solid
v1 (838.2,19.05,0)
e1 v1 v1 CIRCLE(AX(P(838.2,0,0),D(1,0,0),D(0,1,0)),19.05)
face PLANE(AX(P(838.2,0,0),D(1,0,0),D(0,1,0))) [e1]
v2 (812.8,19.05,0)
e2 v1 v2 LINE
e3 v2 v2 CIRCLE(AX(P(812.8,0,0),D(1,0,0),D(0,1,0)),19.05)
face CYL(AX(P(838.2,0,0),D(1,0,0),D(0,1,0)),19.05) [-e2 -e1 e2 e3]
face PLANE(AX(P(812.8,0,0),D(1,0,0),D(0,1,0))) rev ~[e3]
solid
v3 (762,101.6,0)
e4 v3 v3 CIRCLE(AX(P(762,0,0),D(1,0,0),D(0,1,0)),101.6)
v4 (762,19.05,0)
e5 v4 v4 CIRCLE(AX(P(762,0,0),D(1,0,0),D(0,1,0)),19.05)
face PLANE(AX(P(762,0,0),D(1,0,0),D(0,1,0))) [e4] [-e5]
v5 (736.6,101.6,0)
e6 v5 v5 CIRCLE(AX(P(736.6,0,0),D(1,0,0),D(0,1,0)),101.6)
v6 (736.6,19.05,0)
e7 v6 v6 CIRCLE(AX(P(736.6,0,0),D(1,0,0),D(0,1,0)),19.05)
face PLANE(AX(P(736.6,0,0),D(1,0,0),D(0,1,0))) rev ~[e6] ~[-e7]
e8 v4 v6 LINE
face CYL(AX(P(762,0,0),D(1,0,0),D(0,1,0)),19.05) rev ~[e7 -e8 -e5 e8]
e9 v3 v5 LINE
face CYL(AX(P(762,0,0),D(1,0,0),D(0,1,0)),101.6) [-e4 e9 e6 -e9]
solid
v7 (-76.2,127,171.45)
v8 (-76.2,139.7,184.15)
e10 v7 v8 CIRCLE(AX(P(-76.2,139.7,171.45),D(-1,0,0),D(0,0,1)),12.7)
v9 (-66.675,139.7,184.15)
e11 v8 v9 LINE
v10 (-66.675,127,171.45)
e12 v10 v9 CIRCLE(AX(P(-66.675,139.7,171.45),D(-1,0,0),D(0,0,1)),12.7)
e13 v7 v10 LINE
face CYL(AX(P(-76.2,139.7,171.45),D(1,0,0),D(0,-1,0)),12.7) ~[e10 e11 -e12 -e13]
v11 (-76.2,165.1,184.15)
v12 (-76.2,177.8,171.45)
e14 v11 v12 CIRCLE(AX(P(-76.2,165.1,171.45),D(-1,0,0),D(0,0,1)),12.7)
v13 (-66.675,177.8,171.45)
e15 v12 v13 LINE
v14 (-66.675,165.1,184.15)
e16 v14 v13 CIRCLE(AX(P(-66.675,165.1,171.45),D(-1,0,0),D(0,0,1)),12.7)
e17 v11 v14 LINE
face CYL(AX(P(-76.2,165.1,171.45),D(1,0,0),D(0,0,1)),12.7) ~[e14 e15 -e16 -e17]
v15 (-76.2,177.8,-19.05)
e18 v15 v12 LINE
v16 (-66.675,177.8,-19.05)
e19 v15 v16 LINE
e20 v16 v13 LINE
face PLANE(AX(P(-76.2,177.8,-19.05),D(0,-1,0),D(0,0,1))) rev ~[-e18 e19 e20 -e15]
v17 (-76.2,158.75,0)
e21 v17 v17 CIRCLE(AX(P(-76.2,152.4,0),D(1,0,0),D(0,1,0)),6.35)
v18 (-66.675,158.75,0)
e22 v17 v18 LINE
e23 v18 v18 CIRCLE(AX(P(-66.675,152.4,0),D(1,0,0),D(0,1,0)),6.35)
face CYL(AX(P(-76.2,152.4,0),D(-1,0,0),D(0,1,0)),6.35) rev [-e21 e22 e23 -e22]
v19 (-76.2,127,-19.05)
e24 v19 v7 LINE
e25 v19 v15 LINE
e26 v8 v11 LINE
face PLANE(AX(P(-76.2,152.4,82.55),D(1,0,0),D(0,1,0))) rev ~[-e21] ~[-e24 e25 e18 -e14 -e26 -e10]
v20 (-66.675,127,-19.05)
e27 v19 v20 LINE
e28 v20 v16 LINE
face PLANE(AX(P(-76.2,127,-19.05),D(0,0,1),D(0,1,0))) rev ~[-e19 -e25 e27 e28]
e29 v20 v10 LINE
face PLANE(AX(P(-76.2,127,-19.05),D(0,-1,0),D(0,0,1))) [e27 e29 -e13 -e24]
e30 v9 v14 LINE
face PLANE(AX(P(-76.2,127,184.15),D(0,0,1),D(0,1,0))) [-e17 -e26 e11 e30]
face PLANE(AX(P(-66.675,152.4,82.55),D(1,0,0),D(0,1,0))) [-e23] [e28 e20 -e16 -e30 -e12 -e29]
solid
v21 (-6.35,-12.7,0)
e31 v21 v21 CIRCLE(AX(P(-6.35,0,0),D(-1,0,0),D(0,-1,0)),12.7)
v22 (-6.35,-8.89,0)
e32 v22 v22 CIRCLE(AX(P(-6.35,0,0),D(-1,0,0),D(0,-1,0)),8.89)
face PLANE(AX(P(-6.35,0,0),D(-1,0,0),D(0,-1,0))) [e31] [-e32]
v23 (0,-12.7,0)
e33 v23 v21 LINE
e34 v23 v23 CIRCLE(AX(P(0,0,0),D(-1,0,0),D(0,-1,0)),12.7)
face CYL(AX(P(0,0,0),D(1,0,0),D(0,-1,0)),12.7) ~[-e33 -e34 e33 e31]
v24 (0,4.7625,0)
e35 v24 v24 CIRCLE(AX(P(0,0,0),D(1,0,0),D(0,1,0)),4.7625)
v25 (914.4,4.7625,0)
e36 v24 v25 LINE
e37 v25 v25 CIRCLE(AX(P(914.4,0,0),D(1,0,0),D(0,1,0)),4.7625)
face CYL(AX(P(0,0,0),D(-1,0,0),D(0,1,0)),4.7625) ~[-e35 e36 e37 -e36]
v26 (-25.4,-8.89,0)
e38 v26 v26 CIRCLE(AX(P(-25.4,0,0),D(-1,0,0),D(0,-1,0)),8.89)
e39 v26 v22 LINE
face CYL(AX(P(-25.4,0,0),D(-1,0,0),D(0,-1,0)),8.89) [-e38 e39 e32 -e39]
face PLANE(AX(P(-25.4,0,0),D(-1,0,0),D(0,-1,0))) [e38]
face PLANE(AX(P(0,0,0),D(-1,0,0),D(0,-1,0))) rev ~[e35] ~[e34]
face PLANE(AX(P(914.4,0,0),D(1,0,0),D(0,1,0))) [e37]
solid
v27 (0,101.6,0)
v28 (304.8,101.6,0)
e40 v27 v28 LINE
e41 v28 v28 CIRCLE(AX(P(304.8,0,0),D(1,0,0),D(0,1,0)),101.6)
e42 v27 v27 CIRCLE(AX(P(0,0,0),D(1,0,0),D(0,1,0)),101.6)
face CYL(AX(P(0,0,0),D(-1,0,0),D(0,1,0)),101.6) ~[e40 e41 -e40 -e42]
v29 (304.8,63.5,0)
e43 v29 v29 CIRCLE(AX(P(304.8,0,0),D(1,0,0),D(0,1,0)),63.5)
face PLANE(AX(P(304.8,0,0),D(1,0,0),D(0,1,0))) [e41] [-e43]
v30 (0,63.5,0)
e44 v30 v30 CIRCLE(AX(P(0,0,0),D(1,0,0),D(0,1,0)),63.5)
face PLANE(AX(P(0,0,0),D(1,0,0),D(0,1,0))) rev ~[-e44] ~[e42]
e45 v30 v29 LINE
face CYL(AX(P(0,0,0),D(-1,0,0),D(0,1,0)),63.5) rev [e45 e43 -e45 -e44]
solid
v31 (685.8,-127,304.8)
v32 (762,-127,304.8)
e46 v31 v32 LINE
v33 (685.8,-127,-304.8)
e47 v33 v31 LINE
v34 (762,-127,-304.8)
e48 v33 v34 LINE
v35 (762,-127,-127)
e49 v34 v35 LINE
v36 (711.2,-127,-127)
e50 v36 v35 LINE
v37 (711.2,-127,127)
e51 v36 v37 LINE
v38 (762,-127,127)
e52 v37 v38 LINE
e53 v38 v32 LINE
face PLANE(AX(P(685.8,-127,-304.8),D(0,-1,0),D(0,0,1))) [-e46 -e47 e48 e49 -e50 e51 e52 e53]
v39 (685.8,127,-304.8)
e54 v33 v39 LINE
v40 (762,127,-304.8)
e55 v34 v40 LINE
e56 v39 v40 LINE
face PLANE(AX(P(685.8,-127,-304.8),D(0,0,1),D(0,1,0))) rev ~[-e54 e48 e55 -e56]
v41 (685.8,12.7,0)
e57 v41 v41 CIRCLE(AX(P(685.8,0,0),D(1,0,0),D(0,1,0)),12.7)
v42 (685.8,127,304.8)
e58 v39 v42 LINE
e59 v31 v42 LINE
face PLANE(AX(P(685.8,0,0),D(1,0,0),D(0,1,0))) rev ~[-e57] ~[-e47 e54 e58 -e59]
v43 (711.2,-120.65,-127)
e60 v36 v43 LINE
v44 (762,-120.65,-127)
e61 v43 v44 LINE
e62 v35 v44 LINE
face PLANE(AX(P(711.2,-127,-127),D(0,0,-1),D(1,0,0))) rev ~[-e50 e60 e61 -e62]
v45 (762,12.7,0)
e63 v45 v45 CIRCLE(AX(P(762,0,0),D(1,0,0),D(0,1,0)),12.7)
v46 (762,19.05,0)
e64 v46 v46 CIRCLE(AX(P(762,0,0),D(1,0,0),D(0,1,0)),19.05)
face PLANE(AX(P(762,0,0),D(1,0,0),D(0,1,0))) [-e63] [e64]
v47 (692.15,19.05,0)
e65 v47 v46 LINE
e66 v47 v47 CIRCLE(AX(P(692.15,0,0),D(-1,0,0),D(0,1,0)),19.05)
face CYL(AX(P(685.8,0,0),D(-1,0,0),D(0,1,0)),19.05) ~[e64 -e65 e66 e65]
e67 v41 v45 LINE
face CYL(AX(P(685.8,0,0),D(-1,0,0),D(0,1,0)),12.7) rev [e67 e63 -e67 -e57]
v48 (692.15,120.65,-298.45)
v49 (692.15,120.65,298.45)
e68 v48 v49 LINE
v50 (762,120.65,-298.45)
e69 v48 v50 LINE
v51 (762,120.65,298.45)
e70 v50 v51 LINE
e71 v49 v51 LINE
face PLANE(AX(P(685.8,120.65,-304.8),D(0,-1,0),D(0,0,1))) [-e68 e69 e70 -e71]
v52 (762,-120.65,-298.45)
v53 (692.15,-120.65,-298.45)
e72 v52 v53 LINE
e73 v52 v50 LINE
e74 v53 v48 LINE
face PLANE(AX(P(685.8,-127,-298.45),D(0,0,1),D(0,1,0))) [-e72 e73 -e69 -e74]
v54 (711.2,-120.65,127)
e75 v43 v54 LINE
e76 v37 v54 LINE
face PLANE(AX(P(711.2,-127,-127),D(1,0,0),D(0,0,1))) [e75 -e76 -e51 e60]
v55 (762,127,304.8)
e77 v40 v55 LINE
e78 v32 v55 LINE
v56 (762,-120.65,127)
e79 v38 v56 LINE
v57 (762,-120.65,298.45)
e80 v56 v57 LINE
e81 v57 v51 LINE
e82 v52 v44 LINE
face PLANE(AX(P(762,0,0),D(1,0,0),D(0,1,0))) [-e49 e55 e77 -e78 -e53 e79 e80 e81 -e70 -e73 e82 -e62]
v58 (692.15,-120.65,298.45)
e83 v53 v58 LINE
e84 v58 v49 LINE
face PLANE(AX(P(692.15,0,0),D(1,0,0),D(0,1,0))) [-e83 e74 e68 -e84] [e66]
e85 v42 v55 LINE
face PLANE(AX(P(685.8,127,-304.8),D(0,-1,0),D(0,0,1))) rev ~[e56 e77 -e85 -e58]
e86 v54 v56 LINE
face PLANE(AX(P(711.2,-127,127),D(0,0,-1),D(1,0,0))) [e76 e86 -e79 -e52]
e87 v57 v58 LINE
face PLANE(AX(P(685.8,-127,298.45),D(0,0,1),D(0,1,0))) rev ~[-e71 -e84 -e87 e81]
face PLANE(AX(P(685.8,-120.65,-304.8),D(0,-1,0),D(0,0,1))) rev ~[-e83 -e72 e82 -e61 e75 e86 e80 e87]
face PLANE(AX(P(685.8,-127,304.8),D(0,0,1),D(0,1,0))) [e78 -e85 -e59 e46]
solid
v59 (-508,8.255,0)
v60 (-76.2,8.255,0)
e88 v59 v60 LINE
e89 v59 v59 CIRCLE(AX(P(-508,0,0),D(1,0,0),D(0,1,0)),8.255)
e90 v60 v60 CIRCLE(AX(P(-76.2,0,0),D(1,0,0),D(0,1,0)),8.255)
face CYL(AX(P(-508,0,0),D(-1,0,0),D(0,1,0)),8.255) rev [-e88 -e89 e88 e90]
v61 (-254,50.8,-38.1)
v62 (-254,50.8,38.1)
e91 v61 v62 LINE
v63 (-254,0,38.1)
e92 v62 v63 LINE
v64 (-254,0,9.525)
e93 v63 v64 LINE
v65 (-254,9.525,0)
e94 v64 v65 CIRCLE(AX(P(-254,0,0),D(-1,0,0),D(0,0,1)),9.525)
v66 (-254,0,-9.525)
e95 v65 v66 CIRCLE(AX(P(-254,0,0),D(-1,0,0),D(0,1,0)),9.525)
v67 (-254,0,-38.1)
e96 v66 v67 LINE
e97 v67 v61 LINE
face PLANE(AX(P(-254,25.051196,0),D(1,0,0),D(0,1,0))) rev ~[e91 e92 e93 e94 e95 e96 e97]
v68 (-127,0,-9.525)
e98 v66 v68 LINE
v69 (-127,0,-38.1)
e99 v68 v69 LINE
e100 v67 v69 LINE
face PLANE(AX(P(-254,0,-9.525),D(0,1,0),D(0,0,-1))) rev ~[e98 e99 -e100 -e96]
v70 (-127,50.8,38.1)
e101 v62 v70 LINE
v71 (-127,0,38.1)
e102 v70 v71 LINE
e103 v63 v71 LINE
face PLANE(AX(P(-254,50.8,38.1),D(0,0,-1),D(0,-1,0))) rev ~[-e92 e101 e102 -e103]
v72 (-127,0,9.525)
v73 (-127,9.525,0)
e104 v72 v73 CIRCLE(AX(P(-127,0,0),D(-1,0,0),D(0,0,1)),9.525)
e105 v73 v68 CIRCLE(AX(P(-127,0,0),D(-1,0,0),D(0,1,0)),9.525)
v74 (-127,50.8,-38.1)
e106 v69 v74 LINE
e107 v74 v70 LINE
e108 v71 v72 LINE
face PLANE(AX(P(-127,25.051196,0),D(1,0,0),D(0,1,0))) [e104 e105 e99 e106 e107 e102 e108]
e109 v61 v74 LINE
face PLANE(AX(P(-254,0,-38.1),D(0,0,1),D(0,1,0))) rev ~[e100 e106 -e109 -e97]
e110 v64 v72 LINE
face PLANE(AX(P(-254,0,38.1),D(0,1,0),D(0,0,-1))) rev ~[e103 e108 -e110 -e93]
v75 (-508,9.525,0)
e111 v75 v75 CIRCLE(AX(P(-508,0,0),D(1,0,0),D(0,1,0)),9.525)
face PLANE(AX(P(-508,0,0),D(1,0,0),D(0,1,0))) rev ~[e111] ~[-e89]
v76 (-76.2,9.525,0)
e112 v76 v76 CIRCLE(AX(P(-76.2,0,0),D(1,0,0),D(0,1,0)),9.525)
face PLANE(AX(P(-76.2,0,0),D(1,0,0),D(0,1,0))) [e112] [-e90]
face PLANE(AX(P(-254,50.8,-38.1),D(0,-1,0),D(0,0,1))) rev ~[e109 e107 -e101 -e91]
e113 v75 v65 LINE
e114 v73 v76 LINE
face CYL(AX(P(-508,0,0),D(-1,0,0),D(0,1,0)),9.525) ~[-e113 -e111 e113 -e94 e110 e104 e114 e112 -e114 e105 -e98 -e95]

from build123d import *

# Parameters (mm, degrees)
F0_R      = 4.7625
F1_DEPTH  = 914.4
F3_R      = 19.05
F4_DEPTH  = 25.4
F5_R      = 101.6
F5_R_2    = 63.5
F6_DEPTH  = 304.8
F8_W      = 254
F8_H      = 609.6
F8_R      = 12.7
F9_DEPTH  = 76.2
F12_DEPTH = 127
F14_W     = 50.8
F14_H     = 203.2
F14_R     = 6.35
F15_DEPTH = 9.525
F16_R     = 12.7
F17_T     = -6.35
F18_R     = 101.6
F18_R_2   = 19.05
F19_DEPTH = 25.4
F20_R     = 12.7
F21_DEPTH = 25.4
F22_R     = 12.7
F22_R_2   = 8.89
F23_DEPTH = 19.05
F25_R     = 9.525
F25_R_2   = 8.255
F26_DEPTH = 431.8
F27_W     = 50.8
F27_H     = 254
F28_DEPTH = 6.35


with BuildPart() as f1:
    # F0 (on Right) → F1 (new body)
    with BuildSketch(Plane.YZ):
        Circle(F0_R)
    extrude(amount=F1_DEPTH)

    # F20 (on face) → F21 (join)
    with BuildSketch(Plane(origin=(0, 0, 0), x_dir=(0, -1, 0), z_dir=(-1, 0, 0))):
        Circle(F20_R)
    extrude(amount=F21_DEPTH)

    # F22 (on face) → F23 (cut)
    with BuildSketch(Plane(origin=(-25.4, 0, 0), x_dir=(0, -1, 0), z_dir=(-1, 0, 0))):
        Circle(F22_R)
        Circle(F22_R_2, mode=Mode.SUBTRACT)
    extrude(amount=-F23_DEPTH, mode=Mode.SUBTRACT)


with BuildPart() as f4:
    # F3 (on offset) → F4 (new body)
    with BuildSketch(Plane.YZ.offset(838.2)):
        Circle(F3_R)
    extrude(amount=-F4_DEPTH)


with BuildPart() as f6:
    # F5 (on Right) → F6 (new body)
    with BuildSketch(Plane.YZ):
        Circle(F5_R)
        Circle(F5_R_2, mode=Mode.SUBTRACT)
    extrude(amount=F6_DEPTH)


with BuildPart() as f9:
    # F8 (on offset) → F9 (new body)
    with BuildSketch(Plane.YZ.offset(685.8)):
        Rectangle(F8_W, F8_H)
        Circle(F8_R, mode=Mode.SUBTRACT)
    extrude(amount=F9_DEPTH)

    # F17
    f17_openings = [f9.faces().sort_by_distance(p)[0] for p in [
        (762, 0, -298.196),
    ]]
    offset(amount=F17_T, openings=f17_openings)

    # F27 (on face) → F28 (cut)
    with BuildSketch(Plane.XZ.offset(127)):
        with Locations((736.6, 0)):
            Rectangle(F27_W, F27_H)
    extrude(amount=-F28_DEPTH, mode=Mode.SUBTRACT)


with BuildPart() as f12:
    # F11 (on offset) → F12 (new body)
    with BuildSketch(Plane.YZ.offset(-254)):
        with BuildLine():
            ThreePointArc((0, 9.525), (6.7351920908, 6.7351920908), (9.525, 0))
            ThreePointArc((9.525, 0), (6.7351920908, -6.7351920908), (0, -9.525))
            Line((0, -9.525), (0, -38.1))
            Line((0, -38.1), (50.8, -38.1))
            Line((50.8, -38.1), (50.8, 38.1))
            Line((50.8, 38.1), (0, 38.1))
            Line((0, 38.1), (0, 9.525))
        make_face()
    extrude(amount=F12_DEPTH)

    # F25 (on offset) → F26 (join, through all)
    with BuildSketch(Plane.YZ.offset(-508)):
        Circle(F25_R)
        Circle(F25_R_2, mode=Mode.SUBTRACT)
    extrude(amount=F26_DEPTH)


with BuildPart() as f15:
    # F14 (on offset) → F15 (new body)
    with BuildSketch(Plane.YZ.offset(-76.2)):
        with Locations((152.4, 82.55)):
            Rectangle(F14_W, F14_H)
        with Locations((152.4, 0)):
            Circle(F14_R, mode=Mode.SUBTRACT)
    extrude(amount=F15_DEPTH)

    # F16
    f16_edges = [f15.edges().sort_by_distance(p)[0] for p in [
        (-71.4375, 177.8, 184.15),
        (-71.4375, 127, 184.15),
    ]]
    fillet(f16_edges, radius=F16_R)


with BuildPart() as f19:
    # F18 (on face) → F19 (new body)
    with BuildSketch(Plane.YZ.offset(762)):
        Circle(F18_R)
        Circle(F18_R_2, mode=Mode.SUBTRACT)
    extrude(amount=-F19_DEPTH)


solid = Compound([f1.part, f4.part, f6.part, f9.part, f12.part, f15.part, f19.part])
